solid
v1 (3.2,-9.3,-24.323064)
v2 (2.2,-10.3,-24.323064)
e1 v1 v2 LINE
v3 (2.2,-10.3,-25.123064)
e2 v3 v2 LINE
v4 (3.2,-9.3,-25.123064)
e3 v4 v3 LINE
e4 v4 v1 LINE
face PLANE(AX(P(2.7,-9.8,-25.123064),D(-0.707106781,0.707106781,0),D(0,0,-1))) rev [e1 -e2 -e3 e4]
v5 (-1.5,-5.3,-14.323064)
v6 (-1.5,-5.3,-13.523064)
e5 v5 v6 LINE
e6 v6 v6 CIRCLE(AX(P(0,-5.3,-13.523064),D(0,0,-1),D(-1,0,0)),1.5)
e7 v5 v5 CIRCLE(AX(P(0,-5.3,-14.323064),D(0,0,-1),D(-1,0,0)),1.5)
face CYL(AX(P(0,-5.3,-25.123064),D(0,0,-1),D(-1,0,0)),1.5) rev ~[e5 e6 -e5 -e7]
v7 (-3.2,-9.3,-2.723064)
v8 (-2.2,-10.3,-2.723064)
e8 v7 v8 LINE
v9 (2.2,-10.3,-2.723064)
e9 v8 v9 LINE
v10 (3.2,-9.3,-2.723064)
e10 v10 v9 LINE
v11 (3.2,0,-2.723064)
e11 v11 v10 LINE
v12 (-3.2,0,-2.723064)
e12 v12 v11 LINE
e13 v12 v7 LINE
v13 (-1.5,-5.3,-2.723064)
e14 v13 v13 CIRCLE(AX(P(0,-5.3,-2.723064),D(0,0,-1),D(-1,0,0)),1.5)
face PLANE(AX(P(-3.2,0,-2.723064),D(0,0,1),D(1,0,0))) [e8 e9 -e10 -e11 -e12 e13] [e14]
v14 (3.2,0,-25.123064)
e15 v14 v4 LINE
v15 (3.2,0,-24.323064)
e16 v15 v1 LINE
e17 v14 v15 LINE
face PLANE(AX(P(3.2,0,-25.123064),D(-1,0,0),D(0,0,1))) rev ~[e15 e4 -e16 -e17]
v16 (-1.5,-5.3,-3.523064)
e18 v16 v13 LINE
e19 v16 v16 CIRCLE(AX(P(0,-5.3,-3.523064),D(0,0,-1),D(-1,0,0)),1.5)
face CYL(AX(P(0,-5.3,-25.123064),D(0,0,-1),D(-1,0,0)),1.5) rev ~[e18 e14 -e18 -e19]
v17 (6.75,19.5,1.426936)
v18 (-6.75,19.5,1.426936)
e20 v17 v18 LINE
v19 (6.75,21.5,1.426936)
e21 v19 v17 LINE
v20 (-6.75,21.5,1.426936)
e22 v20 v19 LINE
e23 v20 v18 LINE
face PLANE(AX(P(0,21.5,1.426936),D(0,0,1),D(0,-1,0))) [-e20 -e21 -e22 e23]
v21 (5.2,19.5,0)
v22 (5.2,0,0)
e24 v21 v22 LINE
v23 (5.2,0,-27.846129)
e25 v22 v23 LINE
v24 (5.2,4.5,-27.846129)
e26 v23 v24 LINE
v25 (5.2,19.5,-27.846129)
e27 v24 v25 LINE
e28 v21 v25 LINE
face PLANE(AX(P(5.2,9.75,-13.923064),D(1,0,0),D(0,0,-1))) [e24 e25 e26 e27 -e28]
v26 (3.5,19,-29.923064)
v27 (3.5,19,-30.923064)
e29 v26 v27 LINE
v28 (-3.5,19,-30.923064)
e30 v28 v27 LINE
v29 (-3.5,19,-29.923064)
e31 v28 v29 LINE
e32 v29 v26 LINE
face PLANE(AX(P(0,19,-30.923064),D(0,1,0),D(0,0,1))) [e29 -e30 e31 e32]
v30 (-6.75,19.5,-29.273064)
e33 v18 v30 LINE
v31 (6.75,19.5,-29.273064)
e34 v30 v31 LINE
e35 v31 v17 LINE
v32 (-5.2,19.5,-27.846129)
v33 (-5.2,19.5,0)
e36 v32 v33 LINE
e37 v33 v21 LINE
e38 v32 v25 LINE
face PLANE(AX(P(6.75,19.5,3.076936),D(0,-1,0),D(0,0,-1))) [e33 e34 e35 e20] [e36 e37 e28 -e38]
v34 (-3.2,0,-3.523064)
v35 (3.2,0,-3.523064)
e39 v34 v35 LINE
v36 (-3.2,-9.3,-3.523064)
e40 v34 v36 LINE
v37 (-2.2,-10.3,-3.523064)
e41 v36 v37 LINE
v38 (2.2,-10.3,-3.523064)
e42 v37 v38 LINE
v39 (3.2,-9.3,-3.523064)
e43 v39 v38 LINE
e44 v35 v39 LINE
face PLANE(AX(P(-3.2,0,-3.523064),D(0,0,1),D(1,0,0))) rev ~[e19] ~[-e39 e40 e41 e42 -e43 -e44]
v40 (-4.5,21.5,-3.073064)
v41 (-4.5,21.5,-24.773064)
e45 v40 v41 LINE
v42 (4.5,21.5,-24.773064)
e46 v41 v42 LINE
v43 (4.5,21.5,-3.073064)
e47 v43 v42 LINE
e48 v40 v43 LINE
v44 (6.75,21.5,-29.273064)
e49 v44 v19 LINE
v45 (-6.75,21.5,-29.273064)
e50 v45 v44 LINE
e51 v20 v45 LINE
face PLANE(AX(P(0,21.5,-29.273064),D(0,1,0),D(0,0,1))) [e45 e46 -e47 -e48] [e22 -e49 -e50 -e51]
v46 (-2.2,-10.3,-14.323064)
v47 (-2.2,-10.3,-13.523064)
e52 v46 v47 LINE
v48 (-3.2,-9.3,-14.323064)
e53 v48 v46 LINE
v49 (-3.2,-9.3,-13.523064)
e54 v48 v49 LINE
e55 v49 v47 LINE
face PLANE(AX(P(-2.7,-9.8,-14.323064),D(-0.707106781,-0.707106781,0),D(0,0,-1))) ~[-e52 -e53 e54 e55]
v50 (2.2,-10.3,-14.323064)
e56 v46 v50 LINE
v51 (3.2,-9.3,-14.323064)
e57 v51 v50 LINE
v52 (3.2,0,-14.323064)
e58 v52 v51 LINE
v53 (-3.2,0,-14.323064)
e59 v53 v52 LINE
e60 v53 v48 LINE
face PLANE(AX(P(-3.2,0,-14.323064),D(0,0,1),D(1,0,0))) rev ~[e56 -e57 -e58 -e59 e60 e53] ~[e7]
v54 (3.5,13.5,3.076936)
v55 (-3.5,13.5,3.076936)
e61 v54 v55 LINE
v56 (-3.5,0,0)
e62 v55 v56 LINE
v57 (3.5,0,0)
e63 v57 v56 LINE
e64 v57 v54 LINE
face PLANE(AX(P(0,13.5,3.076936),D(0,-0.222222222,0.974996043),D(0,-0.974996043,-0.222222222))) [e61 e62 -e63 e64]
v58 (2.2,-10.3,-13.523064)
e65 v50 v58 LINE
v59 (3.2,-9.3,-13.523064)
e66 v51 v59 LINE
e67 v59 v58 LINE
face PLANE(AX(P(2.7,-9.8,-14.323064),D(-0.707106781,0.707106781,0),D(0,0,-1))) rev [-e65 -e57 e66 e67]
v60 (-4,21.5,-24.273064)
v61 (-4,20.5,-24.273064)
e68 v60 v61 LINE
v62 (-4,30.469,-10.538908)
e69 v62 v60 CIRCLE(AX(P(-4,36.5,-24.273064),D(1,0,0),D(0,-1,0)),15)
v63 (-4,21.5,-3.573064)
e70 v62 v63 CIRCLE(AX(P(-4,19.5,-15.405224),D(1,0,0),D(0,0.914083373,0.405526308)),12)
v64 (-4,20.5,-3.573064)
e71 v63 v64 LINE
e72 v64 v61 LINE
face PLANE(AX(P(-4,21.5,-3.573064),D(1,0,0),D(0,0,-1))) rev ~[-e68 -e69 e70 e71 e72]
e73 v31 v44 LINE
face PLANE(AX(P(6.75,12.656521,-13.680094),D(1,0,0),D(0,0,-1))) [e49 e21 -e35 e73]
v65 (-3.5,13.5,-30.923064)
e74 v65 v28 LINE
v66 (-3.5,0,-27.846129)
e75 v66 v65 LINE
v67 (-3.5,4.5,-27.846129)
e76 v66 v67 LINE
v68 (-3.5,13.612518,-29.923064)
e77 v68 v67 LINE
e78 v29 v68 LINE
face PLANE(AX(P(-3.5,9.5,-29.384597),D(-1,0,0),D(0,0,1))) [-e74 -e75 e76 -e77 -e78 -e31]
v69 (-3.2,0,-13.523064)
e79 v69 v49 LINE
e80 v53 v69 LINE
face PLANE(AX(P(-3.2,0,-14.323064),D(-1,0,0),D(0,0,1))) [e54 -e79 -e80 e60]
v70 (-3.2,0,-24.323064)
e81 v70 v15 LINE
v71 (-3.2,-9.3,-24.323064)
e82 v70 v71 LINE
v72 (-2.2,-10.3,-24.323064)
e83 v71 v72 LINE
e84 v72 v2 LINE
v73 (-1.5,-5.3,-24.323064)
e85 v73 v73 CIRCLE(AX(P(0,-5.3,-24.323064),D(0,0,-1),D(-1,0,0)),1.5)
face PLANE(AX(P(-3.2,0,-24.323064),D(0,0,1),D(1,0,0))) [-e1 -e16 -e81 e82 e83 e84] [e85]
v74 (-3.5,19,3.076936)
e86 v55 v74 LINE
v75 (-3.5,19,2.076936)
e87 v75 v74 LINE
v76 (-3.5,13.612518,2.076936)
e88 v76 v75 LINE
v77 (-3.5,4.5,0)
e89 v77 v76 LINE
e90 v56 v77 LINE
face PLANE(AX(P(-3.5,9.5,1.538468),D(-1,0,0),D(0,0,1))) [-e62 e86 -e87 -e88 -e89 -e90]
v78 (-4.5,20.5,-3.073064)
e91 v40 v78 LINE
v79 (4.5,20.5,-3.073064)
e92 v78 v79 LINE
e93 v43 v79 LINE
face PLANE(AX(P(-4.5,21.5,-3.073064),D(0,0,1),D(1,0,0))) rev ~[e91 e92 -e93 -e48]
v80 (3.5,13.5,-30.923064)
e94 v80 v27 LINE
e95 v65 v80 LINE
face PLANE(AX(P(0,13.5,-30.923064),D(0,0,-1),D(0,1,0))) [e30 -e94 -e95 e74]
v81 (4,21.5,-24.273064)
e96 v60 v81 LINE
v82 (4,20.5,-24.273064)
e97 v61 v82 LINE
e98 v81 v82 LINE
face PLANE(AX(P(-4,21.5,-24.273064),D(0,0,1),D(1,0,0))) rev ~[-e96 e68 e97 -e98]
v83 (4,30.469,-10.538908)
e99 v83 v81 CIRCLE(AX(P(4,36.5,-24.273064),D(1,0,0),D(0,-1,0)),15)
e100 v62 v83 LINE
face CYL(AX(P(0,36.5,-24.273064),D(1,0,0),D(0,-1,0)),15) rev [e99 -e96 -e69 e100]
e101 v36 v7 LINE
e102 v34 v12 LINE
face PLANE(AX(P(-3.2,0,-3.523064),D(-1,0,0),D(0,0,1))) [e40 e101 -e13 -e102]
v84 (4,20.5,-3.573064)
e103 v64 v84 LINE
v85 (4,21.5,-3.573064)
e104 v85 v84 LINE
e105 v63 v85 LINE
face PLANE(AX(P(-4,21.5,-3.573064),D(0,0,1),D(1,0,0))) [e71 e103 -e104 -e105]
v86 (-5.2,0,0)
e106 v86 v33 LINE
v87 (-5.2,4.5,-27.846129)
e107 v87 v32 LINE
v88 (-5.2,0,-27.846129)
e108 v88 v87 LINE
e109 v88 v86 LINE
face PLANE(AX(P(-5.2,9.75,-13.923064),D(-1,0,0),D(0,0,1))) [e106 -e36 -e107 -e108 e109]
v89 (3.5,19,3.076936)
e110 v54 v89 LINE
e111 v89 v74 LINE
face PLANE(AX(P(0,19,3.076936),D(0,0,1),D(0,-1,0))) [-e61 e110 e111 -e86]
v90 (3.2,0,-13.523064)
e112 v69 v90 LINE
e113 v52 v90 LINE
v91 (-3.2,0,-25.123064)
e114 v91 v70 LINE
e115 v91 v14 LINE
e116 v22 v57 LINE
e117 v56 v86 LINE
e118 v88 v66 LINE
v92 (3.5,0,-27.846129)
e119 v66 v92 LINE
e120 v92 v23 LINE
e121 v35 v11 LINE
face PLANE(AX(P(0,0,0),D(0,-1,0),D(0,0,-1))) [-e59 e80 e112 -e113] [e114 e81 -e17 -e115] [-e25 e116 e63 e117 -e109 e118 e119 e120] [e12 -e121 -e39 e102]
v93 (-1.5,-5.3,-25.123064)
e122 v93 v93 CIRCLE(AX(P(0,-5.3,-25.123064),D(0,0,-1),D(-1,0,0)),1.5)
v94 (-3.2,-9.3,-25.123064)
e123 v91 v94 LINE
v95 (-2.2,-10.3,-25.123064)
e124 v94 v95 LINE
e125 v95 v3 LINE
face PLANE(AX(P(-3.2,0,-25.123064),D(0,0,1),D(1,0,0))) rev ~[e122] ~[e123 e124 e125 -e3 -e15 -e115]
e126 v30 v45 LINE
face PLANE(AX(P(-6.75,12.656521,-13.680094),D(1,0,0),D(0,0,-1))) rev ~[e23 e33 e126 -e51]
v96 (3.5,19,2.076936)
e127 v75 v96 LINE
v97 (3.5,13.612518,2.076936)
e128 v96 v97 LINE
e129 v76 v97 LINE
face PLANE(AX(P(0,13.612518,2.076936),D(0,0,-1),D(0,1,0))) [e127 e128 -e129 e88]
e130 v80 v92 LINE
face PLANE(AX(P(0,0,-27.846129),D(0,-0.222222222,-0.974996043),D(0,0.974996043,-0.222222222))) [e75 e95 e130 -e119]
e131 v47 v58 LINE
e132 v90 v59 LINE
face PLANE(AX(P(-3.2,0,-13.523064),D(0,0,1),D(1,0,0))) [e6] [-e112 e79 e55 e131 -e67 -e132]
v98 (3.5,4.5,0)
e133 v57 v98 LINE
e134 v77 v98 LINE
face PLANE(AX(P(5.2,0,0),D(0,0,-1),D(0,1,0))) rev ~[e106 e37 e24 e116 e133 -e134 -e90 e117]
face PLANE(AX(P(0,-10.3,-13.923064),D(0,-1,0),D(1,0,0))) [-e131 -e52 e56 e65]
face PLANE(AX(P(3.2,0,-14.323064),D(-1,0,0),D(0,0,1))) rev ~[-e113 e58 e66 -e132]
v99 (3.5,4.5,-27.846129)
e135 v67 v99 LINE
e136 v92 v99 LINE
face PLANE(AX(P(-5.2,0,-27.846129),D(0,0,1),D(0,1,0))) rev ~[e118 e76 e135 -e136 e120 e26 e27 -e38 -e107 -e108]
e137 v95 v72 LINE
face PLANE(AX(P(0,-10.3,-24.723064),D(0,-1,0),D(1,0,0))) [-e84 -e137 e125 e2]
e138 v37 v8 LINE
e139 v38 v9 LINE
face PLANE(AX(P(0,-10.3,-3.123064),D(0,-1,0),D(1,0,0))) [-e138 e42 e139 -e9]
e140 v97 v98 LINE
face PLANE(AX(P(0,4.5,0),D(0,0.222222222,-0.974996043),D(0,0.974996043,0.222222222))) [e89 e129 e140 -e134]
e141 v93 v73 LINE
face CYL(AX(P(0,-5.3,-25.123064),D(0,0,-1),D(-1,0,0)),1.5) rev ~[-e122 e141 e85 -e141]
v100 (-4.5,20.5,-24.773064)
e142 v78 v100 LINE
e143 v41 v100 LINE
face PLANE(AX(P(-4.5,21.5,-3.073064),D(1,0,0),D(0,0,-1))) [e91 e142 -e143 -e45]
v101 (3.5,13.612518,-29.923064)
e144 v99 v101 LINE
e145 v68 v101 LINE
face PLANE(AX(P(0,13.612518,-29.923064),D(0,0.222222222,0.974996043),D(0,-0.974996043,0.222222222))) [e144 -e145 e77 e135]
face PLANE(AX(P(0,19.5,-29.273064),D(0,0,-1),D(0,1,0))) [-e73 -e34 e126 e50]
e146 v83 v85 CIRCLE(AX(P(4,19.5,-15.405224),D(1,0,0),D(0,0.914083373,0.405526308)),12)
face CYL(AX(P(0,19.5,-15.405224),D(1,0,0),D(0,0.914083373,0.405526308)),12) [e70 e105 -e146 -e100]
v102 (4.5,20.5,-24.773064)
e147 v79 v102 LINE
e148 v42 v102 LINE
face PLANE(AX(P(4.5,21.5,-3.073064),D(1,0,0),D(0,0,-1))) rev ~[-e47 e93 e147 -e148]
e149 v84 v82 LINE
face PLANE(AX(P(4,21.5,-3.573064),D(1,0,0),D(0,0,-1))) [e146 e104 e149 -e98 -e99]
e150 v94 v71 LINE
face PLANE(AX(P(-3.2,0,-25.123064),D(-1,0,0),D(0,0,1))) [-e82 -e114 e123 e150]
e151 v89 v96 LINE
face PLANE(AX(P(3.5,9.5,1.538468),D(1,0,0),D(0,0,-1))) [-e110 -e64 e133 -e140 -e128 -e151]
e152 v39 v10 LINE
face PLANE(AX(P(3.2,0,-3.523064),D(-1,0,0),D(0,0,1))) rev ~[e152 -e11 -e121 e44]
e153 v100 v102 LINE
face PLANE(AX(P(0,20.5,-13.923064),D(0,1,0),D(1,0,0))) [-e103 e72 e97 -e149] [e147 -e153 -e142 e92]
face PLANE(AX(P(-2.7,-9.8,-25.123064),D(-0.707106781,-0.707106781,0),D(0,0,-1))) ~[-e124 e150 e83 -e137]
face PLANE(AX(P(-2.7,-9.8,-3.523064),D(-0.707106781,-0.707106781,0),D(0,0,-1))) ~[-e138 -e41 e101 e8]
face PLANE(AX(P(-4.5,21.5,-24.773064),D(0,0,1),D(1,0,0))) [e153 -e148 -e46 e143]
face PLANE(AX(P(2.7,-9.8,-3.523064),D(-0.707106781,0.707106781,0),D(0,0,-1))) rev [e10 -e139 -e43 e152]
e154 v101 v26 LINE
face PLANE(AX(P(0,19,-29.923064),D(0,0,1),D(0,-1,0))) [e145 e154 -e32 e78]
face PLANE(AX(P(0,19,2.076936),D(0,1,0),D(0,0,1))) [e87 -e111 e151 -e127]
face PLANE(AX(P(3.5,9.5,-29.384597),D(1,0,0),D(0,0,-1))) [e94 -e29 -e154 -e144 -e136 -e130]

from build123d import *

# Parameters (mm, degrees)
RESSALTO_EXTRUS_O2_DEPTH = 6.75
ESBO_O3_W                = 20.7
ESBO_O3_H                = 8.969000478
CORTE_EXTRUS_O1_DEPTH    = 2.75
ESBO_O4_W                = 20.7
ESBO_O4_H                = 8.969000478
CORTE_EXTRUS_O2_DEPTH    = 2.75
ESBO_O5_W                = 34
ESBO_O5_H                = 19.5
CORTE_EXTRUS_O3_DEPTH    = 1.55
ESBO_O6_W                = 34
ESBO_O6_H                = 19.5
CORTE_EXTRUS_O4_DEPTH    = 1.55
ESBO_O8_W                = 3.076935564
ESBO_O8_H                = 19
ESBO_O8_W_2              = 3.076935565
CORTE_EXTRUS_O5_DEPTH    = 1.7
ESBO_O9_W                = 3.076935565
ESBO_O9_H                = 19
ESBO_O9_W_2              = 3.076935564
CORTE_EXTRUS_O6_DEPTH    = 1.7
ESBO_O10_W               = 9
ESBO_O10_H               = 21.7
ESBO_O10_W_2             = 8
ESBO_O10_H_2             = 20.7
CORTE_EXTRUS_O7_DEPTH    = 1
ESBO_O11_W               = 6.4
ESBO_O11_H               = 0.8
RESSALTO_EXTRUS_O3_DEPTH = 10.3
ESBO_O12_R               = 1.5
CORTE_EXTRUS_O8_DEPTH    = 43.061413316
CHANFRO1_SIZE            = 1


with BuildPart() as part:
    # Esboço1 → Ressalto-extrusão2 (new, symmetric)
    with BuildSketch(Plane(origin=(0, 0, 0), x_dir=(0, 0, -1), z_dir=(1, 0, 0))):
        with BuildLine():
            Line((0, 0), (27.846128871, 0))
            Line((27.846128871, 0), (30.923064436, 13.5))
            Line((30.923064436, 13.5), (30.923064436, 19))
            Line((30.923064436, 19), (29.923064436, 19))
            Line((29.923064436, 19), (29.923064436, 13.612517806))
            Line((29.923064436, 13.612517806), (27.846128871, 4.5))
            Line((27.846128871, 4.5), (27.846128871, 19.5))
            Line((27.846128871, 19.5), (29.273064436, 19.5))
            Line((29.273064436, 19.5), (29.273064436, 21.5))
            Line((29.273064436, 21.5), (24.273064436, 21.5))
            ThreePointArc((24.273064436, 21.5), (16.071387559, 23.940840139), (10.5389083, 30.469000478))
            ThreePointArc((10.5389083, 30.469000478), (5.927855619, 26.860671745), (3.573064436, 21.5))
            Line((3.573064436, 21.5), (-1.426935564, 21.5))
            Line((-1.426935564, 21.5), (-1.426935564, 19.5))
            Line((-1.426935564, 19.5), (0, 19.5))
            Line((0, 19.5), (0, 4.5))
            Line((0, 4.5), (-2.076935564, 13.612517806))
            Line((-2.076935564, 13.612517806), (-2.076935564, 19))
            Line((-2.076935564, 19), (-3.076935564, 19))
            Line((-3.076935564, 19), (-3.076935564, 13.5))
            Line((-3.076935564, 13.5), (0, 0))
        make_face()
    extrude(amount=RESSALTO_EXTRUS_O2_DEPTH, both=True)

    # Esboço3 → Corte-extrusão1 (cut)
    with BuildSketch(Plane(origin=(6.75, 0, 0), x_dir=(0, 0, -1), z_dir=(1, 0, 0))):
        with Locations((13.923064436, 25.984500239)):
            Rectangle(ESBO_O3_W, ESBO_O3_H)
    extrude(amount=-CORTE_EXTRUS_O1_DEPTH, mode=Mode.SUBTRACT)

    # Esboço4 → Corte-extrusão2 (cut)
    with BuildSketch(Plane.ZY.offset(6.75)):
        with Locations((-13.923064436, 25.984500239)):
            Rectangle(ESBO_O4_W, ESBO_O4_H)
    extrude(amount=-CORTE_EXTRUS_O2_DEPTH, mode=Mode.SUBTRACT)

    # Esboço5 → Corte-extrusão3 (cut)
    with BuildSketch(Plane.ZY.offset(6.75)):
        with Locations((-13.923064436, 9.75)):
            Rectangle(ESBO_O5_W, ESBO_O5_H)
    extrude(amount=-CORTE_EXTRUS_O3_DEPTH, mode=Mode.SUBTRACT)

    # Esboço6 → Corte-extrusão4 (cut)
    with BuildSketch(Plane(origin=(6.75, 0, 0), x_dir=(0, 0, -1), z_dir=(1, 0, 0))):
        with Locations((13.923064436, 9.75)):
            Rectangle(ESBO_O6_W, ESBO_O6_H)
    extrude(amount=-CORTE_EXTRUS_O4_DEPTH, mode=Mode.SUBTRACT)

    # Esboço8 → Corte-extrusão5 (cut)
    with BuildSketch(Plane(origin=(5.2, 0, 0), x_dir=(0, 0, -1), z_dir=(1, 0, 0))):
        with Locations((-1.538467782, 9.5)):
            Rectangle(ESBO_O8_W, ESBO_O8_H)
        with Locations((29.384596654, 9.5)):
            Rectangle(ESBO_O8_W_2, ESBO_O8_H)
    extrude(amount=-CORTE_EXTRUS_O5_DEPTH, mode=Mode.SUBTRACT)

    # Esboço9 → Corte-extrusão6 (cut)
    with BuildSketch(Plane.ZY.offset(5.2)):
        with Locations((-29.384596654, 9.5)):
            Rectangle(ESBO_O9_W, ESBO_O9_H)
        with Locations((1.538467782, 9.5)):
            Rectangle(ESBO_O9_W_2, ESBO_O9_H)
    extrude(amount=-CORTE_EXTRUS_O6_DEPTH, mode=Mode.SUBTRACT)

    # Esboço10 → Corte-extrusão7 (cut)
    with BuildSketch(Plane(origin=(0, 21.5, 0), x_dir=(1, 0, 0), z_dir=(0, 1, 0))):
        with Locations((0, 13.923064436)):
            Rectangle(ESBO_O10_W, ESBO_O10_H)
        with Locations((0, 13.923064436)):
            Rectangle(ESBO_O10_W_2, ESBO_O10_H_2, mode=Mode.SUBTRACT)
    extrude(amount=-CORTE_EXTRUS_O7_DEPTH, mode=Mode.SUBTRACT)

    # Esboço11 → Ressalto-extrusão3 (add)
    with BuildSketch(Plane.XZ):
        with Locations((0, -3.123064436)):
            Rectangle(ESBO_O11_W, ESBO_O11_H)
        with Locations((0, -13.923064436)):
            Rectangle(ESBO_O11_W, ESBO_O11_H)
        with Locations((0, -24.723064436)):
            Rectangle(ESBO_O11_W, ESBO_O11_H)
    extrude(amount=RESSALTO_EXTRUS_O3_DEPTH)

    # Esboço12 → Corte-extrusão8 (cut, through all)
    with BuildSketch(Plane(origin=(0, 0, -25.123064436), x_dir=(-1, 0, 0), z_dir=(0, 0, -1))):
        with Locations((0, -5.3)):
            Circle(ESBO_O12_R)
    extrude(amount=-CORTE_EXTRUS_O8_DEPTH, mode=Mode.SUBTRACT)

    # Chanfro1
    chanfro1_edges = [part.edges().sort_by_distance(p)[0] for p in [
        (-3.2, -10.3, -3.123064436),
        (3.2, -10.3, -3.123064436),
        (-3.2, -10.3, -13.923064436),
        (3.2, -10.3, -13.923064436),
        (-3.2, -10.3, -24.723064436),
        (3.2, -10.3, -24.723064436),
    ]]
    chamfer(chanfro1_edges, length=CHANFRO1_SIZE)


solid = part.part
